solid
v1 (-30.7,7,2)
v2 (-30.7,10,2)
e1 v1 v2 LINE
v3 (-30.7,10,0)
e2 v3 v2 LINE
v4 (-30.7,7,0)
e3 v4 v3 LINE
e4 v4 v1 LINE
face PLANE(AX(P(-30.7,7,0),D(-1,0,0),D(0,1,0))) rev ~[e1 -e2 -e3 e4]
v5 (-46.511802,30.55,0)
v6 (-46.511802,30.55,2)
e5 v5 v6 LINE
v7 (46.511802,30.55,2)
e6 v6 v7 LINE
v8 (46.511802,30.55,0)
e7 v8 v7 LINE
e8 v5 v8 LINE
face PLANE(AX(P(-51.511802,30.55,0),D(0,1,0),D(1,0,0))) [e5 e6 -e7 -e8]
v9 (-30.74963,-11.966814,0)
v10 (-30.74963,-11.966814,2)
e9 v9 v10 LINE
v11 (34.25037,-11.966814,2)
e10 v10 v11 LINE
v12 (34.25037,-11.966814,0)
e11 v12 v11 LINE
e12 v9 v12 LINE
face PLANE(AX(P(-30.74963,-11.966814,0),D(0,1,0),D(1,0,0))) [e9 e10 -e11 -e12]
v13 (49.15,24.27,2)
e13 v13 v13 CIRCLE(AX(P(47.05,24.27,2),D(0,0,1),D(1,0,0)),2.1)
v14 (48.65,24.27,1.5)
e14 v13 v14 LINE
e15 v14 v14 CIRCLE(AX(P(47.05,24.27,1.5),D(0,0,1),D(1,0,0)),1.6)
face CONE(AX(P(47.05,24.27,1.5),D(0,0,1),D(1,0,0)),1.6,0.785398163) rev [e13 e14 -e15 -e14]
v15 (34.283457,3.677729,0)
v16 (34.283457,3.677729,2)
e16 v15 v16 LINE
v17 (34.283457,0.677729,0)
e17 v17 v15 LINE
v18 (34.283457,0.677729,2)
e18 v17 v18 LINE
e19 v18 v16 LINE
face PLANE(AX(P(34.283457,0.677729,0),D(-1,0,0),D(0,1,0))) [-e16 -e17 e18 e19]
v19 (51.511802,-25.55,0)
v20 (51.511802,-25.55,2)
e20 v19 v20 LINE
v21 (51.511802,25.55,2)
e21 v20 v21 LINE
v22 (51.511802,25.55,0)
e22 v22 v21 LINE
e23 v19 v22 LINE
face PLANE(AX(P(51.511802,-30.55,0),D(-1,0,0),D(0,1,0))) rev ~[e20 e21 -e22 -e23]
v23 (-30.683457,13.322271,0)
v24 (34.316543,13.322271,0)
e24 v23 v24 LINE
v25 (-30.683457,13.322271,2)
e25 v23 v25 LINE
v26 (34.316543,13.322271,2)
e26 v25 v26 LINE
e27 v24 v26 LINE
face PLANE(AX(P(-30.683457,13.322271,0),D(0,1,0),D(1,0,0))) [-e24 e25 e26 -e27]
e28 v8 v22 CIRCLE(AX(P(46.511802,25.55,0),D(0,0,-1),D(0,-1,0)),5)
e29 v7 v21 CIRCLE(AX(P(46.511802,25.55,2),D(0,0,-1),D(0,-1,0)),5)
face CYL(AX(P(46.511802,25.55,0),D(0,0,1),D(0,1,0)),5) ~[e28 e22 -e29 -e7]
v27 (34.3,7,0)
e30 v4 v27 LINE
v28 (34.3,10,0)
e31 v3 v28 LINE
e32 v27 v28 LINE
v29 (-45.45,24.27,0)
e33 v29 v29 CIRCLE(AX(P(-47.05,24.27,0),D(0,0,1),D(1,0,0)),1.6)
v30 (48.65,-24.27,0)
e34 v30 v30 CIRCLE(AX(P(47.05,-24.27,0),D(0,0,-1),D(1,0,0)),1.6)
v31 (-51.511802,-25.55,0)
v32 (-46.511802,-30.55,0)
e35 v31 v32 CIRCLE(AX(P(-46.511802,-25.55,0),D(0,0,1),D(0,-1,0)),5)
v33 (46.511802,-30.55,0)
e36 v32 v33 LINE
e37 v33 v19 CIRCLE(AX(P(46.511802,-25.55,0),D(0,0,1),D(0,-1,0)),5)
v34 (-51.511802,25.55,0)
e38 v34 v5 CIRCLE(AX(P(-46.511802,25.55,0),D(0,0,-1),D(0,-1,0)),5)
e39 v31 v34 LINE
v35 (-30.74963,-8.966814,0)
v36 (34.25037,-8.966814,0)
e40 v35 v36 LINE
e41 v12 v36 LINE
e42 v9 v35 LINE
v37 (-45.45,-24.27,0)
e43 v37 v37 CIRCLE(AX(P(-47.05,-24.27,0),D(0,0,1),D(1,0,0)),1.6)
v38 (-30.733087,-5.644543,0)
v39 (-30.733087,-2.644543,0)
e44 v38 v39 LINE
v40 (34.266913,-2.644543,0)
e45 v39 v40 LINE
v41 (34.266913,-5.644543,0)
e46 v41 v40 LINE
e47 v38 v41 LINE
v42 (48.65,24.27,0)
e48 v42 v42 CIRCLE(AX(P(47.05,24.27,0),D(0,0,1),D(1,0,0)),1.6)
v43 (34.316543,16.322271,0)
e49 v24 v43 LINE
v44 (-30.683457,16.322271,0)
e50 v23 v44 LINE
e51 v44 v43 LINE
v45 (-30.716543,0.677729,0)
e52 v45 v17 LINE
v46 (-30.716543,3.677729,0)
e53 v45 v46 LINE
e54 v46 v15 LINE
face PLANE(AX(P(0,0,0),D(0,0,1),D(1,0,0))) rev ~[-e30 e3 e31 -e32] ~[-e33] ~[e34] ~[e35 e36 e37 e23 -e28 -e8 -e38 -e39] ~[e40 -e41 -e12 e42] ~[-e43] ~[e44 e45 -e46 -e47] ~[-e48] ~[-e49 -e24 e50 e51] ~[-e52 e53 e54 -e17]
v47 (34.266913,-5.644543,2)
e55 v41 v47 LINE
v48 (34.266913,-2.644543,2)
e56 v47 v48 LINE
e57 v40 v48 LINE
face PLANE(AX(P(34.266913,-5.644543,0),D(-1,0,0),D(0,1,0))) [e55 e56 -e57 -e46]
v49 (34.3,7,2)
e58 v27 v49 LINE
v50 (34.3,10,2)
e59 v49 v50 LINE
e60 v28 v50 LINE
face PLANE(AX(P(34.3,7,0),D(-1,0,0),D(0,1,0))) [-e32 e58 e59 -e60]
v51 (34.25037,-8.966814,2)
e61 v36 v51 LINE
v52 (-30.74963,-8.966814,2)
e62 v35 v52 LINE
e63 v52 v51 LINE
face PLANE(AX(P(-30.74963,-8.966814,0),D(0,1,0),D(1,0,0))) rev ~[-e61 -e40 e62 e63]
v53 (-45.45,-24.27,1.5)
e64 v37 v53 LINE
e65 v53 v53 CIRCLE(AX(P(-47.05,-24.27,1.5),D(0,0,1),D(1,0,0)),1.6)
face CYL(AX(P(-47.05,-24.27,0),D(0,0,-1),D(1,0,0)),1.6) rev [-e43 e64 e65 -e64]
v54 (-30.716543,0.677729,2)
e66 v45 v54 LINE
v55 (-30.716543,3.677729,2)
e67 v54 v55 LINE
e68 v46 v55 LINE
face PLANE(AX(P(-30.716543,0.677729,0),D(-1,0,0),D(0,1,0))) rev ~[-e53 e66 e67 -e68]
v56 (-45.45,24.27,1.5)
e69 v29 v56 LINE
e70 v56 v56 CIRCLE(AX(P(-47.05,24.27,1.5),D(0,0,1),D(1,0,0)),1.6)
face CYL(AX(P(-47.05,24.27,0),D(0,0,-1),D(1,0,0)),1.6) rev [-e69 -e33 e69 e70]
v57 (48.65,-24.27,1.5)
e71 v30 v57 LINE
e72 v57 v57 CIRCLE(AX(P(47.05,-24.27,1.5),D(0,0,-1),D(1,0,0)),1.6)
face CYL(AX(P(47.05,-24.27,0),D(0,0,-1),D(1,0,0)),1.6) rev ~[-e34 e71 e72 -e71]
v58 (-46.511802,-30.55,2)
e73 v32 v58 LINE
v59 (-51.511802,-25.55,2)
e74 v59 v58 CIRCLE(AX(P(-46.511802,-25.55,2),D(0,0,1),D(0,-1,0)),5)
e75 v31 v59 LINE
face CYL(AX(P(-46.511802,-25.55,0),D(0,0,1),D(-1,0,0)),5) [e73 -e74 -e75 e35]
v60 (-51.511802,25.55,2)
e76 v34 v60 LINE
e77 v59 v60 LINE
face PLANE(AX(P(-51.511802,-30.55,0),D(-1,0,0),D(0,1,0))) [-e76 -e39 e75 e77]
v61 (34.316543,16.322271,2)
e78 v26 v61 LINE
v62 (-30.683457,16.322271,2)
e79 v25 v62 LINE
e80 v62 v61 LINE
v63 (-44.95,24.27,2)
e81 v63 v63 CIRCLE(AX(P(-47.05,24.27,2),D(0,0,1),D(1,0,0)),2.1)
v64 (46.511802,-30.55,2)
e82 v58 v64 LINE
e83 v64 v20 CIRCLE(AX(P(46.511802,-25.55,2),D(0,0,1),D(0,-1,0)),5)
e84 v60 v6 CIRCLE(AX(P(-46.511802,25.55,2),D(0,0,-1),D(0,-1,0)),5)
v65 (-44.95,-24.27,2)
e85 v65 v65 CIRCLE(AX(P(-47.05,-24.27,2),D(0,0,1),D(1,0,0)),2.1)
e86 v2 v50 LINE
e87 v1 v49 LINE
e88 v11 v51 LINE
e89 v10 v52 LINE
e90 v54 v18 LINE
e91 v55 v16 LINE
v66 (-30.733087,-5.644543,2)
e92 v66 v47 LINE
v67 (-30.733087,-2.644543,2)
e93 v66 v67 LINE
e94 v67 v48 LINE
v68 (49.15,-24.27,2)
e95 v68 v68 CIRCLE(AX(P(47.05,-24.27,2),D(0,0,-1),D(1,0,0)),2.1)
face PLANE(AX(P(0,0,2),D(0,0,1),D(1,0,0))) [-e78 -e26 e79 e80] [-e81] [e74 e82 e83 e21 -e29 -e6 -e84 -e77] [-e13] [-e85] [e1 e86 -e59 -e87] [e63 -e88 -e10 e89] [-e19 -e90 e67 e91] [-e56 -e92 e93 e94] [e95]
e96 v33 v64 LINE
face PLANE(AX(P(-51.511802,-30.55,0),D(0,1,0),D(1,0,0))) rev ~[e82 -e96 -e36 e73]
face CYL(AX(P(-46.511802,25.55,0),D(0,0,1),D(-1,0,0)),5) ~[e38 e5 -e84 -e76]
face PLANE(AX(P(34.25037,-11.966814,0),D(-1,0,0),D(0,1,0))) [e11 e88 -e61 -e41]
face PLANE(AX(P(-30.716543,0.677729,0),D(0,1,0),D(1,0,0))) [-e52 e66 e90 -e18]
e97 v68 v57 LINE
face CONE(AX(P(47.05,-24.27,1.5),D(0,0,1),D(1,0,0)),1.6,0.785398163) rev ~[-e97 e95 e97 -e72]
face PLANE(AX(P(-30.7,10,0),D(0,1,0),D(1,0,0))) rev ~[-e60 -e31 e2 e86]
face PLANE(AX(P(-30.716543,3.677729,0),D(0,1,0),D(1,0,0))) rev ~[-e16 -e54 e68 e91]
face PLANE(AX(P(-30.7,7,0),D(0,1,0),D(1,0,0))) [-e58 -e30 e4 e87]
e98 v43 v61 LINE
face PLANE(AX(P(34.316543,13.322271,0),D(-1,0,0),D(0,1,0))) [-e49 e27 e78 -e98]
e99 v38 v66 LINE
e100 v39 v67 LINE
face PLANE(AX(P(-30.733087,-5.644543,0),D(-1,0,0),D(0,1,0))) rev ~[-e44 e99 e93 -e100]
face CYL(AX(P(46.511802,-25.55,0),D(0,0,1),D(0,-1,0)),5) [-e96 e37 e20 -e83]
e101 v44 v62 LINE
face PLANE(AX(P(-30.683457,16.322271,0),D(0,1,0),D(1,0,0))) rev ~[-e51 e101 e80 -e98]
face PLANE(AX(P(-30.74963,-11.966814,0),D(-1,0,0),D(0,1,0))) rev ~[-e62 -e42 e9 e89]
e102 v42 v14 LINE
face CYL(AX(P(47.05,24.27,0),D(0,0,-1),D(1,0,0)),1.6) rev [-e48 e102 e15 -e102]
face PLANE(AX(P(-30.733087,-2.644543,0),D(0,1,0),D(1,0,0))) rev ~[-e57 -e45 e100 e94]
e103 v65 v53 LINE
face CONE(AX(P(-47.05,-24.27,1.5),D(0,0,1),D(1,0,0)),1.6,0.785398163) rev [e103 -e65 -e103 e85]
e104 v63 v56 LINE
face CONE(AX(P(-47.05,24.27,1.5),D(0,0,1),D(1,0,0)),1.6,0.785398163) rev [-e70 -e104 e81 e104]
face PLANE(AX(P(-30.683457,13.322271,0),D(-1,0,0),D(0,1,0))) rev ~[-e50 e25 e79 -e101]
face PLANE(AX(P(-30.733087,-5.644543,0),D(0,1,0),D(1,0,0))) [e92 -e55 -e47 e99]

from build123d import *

# Parameters (mm, degrees)
F0_W     = 103.023604
F0_H     = 61.1
F0_R     = 1.6
F0_W_2   = 65
F0_H_2   = 3
F1_DEPTH = 2
F2_R     = 5
F3_SIZE  = 0.5


with BuildPart() as f1:
    # F0 (on Top) → F1 (new body)
    with BuildSketch(Plane.XY):
        Rectangle(F0_W, F0_H)
        with Locations((-47.05, -24.27)):
            Circle(F0_R, mode=Mode.SUBTRACT)
        with BuildLine():
            ThreePointArc((45.45, -24.27), (47.05, -22.67), (48.65, -24.27))
            ThreePointArc((48.65, -24.27), (47.05, -25.87), (45.45, -24.27))
        make_face(mode=Mode.SUBTRACT)
        with Locations((1.75037, -10.466814)):
            Rectangle(F0_W_2, F0_H_2, mode=Mode.SUBTRACT)
        with Locations((1.766913, -4.144543)):
            Rectangle(F0_W_2, F0_H_2, mode=Mode.SUBTRACT)
        with Locations((-47.05, 24.27)):
            Circle(F0_R, mode=Mode.SUBTRACT)
        with Locations((1.783457, 2.177729)):
            Rectangle(F0_W_2, F0_H_2, mode=Mode.SUBTRACT)
        with Locations((1.8, 8.5)):
            Rectangle(F0_W_2, F0_H_2, mode=Mode.SUBTRACT)
        with Locations((1.816543, 14.822271)):
            Rectangle(F0_W_2, F0_H_2, mode=Mode.SUBTRACT)
        with Locations((47.05, 24.27)):
            Circle(F0_R, mode=Mode.SUBTRACT)
    extrude(amount=F1_DEPTH)

    # F2
    f2_edges = [f1.edges().sort_by_distance(p)[0] for p in [
        (-51.511802, -30.55, 1),
        (-51.511802, 30.55, 1),
        (51.511802, -30.55, 1),
        (51.511802, 30.55, 1),
    ]]
    fillet(f2_edges, radius=F2_R)

    # F3
    f3_edges = [f1.edges().sort_by_distance(p)[0] for p in [
        (-48.65, -24.27, 2),
        (-48.65, 24.27, 2),
        (45.45, 24.27, 2),
        (48.65, -24.27, 2),
    ]]
    chamfer(f3_edges, length=F3_SIZE)


solid = f1.part
